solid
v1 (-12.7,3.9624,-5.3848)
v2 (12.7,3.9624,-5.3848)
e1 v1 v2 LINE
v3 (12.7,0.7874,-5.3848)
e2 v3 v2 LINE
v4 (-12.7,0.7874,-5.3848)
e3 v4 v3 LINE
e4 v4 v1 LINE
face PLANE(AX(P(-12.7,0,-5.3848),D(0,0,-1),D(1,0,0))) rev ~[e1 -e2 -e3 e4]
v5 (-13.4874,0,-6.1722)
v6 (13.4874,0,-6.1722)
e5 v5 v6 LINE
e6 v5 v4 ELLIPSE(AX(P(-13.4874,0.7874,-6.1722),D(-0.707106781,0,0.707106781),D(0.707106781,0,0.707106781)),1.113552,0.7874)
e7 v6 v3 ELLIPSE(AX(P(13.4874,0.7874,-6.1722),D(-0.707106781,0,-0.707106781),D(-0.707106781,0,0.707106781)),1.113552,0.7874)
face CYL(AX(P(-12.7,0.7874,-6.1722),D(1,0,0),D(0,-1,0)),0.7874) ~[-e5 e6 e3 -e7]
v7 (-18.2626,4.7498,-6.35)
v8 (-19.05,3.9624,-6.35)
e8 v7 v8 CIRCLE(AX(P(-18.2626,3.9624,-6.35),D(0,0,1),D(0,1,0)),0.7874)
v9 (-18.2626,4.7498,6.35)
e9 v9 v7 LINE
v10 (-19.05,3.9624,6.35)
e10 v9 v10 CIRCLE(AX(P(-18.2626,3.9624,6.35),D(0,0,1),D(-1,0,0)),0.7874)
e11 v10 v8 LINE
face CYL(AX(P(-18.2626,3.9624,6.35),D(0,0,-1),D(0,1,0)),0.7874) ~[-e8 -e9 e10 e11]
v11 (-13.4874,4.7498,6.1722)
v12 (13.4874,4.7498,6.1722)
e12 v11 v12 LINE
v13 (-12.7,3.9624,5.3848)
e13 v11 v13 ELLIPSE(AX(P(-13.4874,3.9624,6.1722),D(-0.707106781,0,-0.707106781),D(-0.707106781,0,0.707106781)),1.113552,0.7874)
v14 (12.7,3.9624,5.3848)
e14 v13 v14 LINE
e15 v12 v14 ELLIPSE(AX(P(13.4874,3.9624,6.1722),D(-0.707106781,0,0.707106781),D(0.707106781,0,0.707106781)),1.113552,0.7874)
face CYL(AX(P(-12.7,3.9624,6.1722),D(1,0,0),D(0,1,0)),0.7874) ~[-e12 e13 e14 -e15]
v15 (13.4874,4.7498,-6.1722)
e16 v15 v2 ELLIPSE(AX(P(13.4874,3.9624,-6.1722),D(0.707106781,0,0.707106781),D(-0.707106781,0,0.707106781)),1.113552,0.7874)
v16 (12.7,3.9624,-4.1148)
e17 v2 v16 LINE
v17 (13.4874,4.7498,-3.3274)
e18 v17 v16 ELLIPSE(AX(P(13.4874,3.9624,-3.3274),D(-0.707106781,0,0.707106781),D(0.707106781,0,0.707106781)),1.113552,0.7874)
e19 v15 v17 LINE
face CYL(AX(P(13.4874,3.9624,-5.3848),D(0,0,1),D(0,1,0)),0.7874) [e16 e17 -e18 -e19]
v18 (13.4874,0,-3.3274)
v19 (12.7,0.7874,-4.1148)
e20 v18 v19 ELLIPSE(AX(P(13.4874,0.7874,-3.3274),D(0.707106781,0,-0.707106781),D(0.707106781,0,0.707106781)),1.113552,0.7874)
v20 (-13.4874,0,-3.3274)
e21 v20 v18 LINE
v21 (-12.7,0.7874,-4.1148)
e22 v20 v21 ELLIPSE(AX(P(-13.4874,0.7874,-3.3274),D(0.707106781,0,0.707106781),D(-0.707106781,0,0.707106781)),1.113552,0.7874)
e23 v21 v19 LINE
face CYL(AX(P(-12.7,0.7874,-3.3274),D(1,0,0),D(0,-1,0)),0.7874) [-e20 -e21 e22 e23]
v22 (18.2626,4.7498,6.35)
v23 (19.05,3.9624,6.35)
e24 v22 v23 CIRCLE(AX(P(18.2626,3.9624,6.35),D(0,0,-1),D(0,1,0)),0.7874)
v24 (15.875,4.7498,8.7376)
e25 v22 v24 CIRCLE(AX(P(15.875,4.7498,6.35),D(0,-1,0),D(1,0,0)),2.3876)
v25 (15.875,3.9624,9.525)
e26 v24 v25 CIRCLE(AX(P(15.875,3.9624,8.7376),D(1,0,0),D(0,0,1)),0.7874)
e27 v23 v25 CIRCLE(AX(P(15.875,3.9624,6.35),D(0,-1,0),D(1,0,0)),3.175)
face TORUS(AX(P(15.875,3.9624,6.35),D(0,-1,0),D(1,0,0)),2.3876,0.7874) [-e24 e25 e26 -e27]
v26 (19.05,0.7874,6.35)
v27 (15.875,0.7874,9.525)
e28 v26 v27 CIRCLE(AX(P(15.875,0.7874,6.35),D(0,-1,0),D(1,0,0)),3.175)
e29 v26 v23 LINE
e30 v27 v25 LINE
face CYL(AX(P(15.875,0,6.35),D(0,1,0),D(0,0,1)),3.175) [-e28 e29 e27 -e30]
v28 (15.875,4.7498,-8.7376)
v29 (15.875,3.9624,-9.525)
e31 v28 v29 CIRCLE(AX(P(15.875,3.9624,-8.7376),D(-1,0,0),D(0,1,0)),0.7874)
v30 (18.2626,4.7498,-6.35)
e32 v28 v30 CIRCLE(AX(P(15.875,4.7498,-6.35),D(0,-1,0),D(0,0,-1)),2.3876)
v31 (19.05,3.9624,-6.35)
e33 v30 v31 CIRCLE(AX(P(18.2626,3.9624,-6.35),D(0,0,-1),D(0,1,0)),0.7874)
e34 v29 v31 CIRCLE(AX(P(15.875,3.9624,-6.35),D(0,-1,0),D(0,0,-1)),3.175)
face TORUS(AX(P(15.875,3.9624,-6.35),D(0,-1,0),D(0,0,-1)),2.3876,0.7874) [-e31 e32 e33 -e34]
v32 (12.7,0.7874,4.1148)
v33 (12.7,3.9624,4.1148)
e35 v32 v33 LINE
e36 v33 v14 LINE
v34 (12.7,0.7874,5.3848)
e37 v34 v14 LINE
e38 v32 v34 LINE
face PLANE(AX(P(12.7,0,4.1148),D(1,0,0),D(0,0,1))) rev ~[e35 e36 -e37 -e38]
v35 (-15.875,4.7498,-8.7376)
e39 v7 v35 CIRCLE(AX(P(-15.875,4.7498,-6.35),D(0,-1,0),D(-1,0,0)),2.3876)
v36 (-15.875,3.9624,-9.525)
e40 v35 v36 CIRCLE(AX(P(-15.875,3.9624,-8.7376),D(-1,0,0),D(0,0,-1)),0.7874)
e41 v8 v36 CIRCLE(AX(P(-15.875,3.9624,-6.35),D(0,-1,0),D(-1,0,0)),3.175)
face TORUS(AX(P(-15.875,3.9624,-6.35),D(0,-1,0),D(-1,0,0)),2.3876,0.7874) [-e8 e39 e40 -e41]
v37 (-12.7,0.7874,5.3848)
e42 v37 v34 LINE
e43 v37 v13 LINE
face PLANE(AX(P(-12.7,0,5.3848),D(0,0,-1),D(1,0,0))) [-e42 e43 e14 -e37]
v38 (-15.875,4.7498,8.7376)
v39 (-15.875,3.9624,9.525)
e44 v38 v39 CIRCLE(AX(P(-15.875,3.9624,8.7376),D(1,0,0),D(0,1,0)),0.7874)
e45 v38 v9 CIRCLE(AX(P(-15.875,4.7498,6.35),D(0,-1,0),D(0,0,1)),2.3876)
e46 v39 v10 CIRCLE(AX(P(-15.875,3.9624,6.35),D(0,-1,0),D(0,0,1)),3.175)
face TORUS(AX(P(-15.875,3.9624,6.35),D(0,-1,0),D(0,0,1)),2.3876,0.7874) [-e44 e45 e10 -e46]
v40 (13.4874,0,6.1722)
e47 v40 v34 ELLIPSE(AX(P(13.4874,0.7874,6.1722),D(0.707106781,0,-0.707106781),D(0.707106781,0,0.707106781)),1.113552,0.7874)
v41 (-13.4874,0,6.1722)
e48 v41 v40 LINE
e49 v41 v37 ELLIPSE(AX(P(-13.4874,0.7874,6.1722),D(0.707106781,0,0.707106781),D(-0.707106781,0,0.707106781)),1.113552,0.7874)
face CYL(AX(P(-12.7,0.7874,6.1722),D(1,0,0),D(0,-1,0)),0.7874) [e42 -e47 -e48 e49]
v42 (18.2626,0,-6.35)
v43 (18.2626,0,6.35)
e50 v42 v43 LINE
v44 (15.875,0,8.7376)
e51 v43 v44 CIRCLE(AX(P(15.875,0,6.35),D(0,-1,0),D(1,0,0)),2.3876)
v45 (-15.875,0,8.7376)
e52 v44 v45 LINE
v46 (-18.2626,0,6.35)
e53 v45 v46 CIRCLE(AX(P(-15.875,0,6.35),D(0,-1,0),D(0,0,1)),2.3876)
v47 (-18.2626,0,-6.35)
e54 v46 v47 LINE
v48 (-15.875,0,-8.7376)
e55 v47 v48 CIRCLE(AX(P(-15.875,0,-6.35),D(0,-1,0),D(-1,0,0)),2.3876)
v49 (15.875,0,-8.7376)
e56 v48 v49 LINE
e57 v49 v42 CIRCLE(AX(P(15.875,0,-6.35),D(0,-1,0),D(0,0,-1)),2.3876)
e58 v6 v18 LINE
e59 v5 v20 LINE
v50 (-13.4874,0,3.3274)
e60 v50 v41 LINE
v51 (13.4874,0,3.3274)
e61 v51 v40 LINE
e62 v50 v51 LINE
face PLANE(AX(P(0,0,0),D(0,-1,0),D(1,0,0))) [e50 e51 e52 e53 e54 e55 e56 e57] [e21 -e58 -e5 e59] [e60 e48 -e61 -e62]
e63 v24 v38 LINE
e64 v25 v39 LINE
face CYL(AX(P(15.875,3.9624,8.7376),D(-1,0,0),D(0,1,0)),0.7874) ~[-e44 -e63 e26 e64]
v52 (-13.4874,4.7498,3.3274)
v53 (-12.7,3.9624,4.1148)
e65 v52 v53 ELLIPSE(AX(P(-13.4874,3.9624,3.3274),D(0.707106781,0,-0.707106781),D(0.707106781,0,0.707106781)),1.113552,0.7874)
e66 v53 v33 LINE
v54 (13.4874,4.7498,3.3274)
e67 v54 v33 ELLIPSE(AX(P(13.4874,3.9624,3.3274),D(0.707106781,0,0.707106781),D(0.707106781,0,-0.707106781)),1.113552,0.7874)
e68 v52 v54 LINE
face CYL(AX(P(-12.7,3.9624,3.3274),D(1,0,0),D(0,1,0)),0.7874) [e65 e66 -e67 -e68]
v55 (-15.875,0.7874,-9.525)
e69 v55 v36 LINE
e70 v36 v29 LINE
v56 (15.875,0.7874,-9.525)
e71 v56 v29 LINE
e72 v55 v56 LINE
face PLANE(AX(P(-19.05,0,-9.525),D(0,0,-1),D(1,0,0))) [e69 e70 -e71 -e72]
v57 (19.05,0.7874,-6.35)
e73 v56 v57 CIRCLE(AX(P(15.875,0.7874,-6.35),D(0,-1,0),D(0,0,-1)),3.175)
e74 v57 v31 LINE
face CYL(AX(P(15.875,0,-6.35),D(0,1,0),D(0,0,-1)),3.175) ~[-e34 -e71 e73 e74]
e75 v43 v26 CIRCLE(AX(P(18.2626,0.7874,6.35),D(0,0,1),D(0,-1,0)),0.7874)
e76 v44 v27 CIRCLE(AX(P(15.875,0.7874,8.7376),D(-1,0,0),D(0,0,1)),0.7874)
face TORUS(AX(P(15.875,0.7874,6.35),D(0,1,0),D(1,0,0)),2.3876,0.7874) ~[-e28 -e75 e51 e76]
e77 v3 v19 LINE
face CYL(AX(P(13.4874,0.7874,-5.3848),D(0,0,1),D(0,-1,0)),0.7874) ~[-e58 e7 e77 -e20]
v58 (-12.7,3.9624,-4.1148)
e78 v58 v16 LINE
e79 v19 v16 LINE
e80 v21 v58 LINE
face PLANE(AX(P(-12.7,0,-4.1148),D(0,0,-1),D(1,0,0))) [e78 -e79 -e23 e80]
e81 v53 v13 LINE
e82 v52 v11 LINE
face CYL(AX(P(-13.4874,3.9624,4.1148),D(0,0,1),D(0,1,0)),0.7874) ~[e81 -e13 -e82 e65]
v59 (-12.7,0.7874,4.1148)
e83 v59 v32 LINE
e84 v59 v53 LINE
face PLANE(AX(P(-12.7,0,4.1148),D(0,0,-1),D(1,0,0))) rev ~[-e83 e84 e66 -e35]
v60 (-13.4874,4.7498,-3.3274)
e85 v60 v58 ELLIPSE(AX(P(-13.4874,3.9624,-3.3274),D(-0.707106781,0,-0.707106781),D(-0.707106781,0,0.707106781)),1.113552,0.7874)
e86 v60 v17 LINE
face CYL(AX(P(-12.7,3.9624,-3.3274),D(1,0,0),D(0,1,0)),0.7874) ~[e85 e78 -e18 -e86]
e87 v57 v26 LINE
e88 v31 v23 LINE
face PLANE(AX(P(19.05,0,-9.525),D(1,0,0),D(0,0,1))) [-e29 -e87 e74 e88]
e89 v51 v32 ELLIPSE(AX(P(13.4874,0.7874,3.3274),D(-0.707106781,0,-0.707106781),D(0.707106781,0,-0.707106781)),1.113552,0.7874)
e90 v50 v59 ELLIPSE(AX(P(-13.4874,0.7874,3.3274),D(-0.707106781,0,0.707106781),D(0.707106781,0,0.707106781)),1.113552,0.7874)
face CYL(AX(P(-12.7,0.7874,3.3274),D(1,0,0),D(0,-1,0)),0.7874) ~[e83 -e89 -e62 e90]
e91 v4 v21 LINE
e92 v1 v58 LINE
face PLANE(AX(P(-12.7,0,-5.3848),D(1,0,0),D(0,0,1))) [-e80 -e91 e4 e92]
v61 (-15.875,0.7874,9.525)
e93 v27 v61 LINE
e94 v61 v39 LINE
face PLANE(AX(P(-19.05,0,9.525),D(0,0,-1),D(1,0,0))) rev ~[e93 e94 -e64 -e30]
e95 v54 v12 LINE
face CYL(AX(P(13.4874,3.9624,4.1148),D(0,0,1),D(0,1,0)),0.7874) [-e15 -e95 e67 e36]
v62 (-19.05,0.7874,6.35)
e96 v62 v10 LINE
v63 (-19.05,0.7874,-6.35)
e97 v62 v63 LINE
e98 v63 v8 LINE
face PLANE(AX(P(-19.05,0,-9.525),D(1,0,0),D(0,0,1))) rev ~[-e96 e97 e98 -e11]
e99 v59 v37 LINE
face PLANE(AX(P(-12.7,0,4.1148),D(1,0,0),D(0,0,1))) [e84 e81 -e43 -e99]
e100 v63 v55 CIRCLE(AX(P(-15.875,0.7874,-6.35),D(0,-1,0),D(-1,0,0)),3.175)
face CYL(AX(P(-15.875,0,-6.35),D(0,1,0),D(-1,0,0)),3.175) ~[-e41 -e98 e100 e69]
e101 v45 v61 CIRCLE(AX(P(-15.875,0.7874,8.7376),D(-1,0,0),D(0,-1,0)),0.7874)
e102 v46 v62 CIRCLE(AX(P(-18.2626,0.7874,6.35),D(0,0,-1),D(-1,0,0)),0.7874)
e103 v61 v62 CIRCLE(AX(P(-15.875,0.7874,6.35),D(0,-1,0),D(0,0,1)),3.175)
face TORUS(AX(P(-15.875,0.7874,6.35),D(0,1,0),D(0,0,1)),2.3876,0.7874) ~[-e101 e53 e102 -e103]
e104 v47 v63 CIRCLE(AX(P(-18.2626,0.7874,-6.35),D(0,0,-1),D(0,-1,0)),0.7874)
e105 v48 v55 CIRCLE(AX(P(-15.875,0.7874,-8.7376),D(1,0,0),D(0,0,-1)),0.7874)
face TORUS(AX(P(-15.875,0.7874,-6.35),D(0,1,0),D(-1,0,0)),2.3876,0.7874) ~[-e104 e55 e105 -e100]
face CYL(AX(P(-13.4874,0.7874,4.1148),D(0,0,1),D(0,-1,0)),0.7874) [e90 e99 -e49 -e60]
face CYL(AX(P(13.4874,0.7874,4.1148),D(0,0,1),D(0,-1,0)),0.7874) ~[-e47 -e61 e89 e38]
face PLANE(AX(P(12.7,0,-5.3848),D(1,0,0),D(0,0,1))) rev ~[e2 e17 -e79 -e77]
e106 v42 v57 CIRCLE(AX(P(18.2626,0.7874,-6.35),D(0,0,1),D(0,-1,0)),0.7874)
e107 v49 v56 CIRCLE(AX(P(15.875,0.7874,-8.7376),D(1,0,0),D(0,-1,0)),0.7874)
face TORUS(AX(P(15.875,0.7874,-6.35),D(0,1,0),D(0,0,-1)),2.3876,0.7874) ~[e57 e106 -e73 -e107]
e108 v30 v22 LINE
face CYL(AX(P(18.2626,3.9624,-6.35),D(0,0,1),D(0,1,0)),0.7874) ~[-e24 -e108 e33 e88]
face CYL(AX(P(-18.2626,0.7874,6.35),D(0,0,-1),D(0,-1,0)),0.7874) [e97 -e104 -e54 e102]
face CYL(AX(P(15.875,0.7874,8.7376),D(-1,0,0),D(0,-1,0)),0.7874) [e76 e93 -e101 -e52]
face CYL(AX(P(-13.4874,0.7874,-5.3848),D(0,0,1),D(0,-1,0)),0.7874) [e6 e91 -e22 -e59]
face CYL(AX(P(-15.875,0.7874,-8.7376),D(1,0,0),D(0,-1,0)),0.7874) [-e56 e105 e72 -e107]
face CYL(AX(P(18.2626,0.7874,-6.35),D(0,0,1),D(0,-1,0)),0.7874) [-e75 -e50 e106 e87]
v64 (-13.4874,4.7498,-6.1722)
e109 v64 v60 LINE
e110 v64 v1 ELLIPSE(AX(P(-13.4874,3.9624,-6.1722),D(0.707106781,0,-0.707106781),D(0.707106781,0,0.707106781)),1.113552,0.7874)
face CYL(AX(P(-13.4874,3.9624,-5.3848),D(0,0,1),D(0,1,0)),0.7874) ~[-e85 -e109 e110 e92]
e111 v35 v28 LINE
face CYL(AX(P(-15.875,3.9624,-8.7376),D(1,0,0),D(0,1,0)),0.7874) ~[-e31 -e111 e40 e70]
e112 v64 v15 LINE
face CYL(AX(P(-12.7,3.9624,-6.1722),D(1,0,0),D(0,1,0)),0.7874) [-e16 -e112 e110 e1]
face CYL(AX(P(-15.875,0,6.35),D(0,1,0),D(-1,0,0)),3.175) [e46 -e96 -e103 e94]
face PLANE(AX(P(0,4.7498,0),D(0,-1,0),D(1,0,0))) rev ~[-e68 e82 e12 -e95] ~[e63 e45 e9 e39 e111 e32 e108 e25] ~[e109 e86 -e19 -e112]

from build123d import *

# Parameters (mm, degrees)
F0_W     = 38.1
F0_H     = 19.05
F0_W_2   = 25.4
F0_H_2   = 1.27
F1_DEPTH = 4.7498
F2_R     = 3.175
F3_R     = 0.7874


with BuildPart() as f1:
    # F0 (on Front) → F1 (new body)
    with BuildSketch(Plane.XZ):
        Rectangle(F0_W, F0_H)
        with Locations((0, -4.7498)):
            Rectangle(F0_W_2, F0_H_2, mode=Mode.SUBTRACT)
        with Locations((0, 4.7498)):
            Rectangle(F0_W_2, F0_H_2, mode=Mode.SUBTRACT)
    extrude(amount=-F1_DEPTH)

    # F2
    f2_edges = [f1.edges().sort_by_distance(p)[0] for p in [
        (19.05, 2.3749, 9.525),
        (19.05, 2.3749, -9.525),
        (-19.05, 2.3749, 9.525),
        (-19.05, 2.3749, -9.525),
    ]]
    fillet(f2_edges, radius=F2_R)

    # F3
    f3_edges = [f1.edges().sort_by_distance(p)[0] for p in [
        (19.05, 0, 0),
        (18.120064, 0, -8.595064),
        (18.120064, 0, 8.595064),
        (0, 0, -9.525),
        (0, 0, 9.525),
        (-18.120064, 0, -8.595064),
        (-18.120064, 0, 8.595064),
        (-19.05, 0, 0),
        (-12.7, 0, -4.7498),
        (0, 0, -4.1148),
        (12.7, 0, -4.7498),
        (0, 0, -5.3848),
        (0, 0, 4.1148),
        (-12.7, 0, 4.7498),
        (0, 0, 5.3848),
        (12.7, 0, 4.7498),
        (19.05, 4.7498, 0),
        (18.120064, 4.7498, -8.595064),
        (18.120064, 4.7498, 8.595064),
        (0, 4.7498, -9.525),
        (0, 4.7498, 9.525),
        (-18.120064, 4.7498, -8.595064),
        (-18.120064, 4.7498, 8.595064),
        (-19.05, 4.7498, 0),
        (-12.7, 4.7498, -4.7498),
        (0, 4.7498, -4.1148),
        (12.7, 4.7498, -4.7498),
        (0, 4.7498, -5.3848),
        (0, 4.7498, 4.1148),
        (-12.7, 4.7498, 4.7498),
        (0, 4.7498, 5.3848),
        (12.7, 4.7498, 4.7498),
    ]]
    fillet(f3_edges, radius=F3_R)


solid = f1.part
